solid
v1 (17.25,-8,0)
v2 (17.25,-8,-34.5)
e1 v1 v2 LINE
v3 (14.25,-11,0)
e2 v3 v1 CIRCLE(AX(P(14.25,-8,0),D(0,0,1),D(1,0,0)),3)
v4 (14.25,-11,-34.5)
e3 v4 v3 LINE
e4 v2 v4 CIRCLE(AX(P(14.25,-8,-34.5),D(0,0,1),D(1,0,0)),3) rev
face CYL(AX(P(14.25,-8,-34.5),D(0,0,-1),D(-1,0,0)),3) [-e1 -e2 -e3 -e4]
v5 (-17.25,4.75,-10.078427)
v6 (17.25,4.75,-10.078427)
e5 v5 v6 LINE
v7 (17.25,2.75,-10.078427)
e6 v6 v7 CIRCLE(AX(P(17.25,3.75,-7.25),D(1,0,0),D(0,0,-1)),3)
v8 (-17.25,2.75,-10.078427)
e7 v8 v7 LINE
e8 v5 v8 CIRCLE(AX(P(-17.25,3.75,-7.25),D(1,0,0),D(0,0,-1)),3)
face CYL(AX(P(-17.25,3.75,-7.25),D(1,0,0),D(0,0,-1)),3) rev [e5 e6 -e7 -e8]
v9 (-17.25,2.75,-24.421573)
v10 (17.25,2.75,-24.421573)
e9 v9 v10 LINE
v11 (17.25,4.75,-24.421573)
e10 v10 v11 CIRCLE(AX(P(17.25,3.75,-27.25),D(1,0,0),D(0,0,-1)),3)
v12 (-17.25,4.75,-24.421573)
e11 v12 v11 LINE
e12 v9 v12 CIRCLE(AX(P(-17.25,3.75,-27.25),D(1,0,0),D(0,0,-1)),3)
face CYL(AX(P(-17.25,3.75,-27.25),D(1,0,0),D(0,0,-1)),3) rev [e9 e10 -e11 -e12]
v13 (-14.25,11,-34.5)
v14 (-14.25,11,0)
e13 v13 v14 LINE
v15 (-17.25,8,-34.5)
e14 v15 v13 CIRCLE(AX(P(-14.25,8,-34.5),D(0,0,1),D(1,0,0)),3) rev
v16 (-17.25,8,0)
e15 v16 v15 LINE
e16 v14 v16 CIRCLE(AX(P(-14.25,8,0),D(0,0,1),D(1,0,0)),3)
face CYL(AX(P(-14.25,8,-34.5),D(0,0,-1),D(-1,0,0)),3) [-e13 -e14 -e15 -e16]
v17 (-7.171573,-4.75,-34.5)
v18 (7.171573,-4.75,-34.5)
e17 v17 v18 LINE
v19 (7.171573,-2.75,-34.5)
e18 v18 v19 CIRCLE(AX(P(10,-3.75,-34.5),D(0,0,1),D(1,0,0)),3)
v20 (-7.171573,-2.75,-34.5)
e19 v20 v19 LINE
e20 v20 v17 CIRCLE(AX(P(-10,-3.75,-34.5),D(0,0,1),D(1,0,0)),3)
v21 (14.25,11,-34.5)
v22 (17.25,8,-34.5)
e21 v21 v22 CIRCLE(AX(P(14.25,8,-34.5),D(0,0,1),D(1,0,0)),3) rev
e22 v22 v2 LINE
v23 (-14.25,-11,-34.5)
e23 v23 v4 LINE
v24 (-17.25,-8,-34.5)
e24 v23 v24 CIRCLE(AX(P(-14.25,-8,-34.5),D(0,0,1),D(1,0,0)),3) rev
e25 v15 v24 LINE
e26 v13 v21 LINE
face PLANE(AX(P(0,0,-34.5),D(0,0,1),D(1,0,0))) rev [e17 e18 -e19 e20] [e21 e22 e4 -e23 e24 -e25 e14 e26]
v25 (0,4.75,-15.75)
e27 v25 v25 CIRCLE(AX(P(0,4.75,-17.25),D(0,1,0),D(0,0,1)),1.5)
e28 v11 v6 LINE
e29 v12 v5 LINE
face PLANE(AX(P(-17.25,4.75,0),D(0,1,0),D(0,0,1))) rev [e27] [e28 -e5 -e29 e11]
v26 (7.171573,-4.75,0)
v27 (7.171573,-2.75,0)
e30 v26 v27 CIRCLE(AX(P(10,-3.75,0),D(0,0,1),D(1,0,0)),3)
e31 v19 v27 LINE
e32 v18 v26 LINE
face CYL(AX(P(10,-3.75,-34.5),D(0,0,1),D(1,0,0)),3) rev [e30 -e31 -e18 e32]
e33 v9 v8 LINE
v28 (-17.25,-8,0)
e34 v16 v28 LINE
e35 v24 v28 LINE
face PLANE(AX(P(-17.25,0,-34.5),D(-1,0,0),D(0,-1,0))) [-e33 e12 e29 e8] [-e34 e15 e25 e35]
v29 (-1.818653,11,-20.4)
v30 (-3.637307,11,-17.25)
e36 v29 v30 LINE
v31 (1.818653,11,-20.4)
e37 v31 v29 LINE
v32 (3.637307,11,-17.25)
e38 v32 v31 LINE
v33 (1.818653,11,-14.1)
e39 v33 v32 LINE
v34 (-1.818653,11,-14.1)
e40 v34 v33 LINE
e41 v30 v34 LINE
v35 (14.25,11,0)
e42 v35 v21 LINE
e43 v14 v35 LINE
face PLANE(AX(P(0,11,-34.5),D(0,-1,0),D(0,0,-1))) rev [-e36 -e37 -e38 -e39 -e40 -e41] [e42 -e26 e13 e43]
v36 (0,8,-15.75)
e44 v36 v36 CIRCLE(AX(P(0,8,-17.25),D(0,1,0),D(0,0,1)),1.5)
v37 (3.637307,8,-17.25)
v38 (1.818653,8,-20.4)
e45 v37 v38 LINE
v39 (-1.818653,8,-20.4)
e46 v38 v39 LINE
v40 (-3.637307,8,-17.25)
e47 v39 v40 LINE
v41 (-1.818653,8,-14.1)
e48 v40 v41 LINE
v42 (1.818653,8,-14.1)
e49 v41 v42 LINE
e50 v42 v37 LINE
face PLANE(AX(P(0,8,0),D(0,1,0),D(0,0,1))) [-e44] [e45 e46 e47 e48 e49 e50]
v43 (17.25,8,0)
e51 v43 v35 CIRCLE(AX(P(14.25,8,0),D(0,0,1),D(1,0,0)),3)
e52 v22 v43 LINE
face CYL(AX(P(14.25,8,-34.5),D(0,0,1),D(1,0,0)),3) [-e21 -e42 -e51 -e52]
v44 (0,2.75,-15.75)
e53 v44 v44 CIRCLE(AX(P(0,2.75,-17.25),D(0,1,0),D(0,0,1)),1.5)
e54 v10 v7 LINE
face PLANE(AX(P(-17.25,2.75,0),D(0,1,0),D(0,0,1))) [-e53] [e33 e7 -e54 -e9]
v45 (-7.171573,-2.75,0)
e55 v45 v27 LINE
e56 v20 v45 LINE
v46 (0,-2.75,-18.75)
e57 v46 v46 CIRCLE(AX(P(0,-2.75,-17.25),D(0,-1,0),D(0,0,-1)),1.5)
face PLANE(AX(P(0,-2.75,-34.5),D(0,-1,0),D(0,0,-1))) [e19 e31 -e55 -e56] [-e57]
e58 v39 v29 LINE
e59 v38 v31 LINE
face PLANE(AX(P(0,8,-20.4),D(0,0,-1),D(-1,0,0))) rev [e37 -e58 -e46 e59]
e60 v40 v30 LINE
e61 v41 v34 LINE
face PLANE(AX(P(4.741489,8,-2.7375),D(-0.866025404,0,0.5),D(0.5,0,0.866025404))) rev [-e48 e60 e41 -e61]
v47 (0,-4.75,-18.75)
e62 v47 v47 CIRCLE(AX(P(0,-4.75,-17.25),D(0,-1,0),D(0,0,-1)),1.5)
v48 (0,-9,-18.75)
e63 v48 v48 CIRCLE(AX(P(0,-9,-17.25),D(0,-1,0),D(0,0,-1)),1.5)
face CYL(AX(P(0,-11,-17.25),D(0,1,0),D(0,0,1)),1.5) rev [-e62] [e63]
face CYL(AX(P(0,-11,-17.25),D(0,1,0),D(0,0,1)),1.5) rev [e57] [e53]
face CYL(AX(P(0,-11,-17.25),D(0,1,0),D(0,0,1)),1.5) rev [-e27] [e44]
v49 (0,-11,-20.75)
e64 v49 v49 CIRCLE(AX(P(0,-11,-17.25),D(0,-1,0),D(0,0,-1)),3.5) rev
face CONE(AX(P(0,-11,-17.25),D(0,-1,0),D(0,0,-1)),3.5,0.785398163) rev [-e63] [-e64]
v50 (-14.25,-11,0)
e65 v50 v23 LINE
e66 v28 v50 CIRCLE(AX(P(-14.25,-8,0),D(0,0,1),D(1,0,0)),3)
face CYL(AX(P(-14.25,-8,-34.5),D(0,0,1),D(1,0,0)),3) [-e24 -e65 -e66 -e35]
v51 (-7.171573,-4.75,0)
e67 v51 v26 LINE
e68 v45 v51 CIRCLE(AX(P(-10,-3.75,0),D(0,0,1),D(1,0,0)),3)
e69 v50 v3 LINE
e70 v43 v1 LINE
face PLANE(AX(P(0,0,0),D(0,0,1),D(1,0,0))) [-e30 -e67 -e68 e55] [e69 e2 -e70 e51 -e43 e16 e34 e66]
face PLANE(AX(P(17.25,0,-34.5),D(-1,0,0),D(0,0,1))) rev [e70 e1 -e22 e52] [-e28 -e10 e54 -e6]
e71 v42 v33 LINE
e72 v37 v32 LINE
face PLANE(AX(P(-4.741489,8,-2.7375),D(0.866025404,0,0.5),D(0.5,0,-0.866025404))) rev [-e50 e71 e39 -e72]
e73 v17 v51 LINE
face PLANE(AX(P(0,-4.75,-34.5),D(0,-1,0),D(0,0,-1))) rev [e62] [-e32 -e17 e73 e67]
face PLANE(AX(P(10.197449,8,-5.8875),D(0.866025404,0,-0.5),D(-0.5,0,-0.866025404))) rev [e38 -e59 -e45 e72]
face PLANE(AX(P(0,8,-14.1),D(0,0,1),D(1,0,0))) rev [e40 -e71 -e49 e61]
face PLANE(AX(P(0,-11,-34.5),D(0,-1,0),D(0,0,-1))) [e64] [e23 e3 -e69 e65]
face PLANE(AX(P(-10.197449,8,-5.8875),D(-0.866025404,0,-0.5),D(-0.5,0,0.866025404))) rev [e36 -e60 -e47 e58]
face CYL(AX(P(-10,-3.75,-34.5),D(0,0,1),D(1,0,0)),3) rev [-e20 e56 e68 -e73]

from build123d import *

# Parameters (mm, degrees)
SKETCH1_W           = 34.5
SKETCH1_H           = 22
BOSS_EXTRUDE1_DEPTH = 34.5
CUT_EXTRUDE1_DEPTH  = 51.014997751
CUT_EXTRUDE2_DEPTH  = 3
SKETCH3_3_R         = 1.5
CUT_EXTRUDE3_DEPTH  = 45.405095428
CHAMFER1_SIZE       = 2
FILLET1_R           = 3


with BuildPart() as part:
    # Sketch1 → Boss-Extrude1 (new body)
    with BuildSketch(Plane.XY):
        Rectangle(SKETCH1_W, SKETCH1_H)
        with BuildLine():
            ThreePointArc((-7.171572875, -4.75), (-13, -3.75), (-7.171572875, -2.75))
            Line((-7.171572875, -2.75), (7.171572875, -2.75))
            ThreePointArc((7.171572875, -2.75), (10.507305936, -0.793204321), (13, -3.75))
            ThreePointArc((13, -3.75), (10.507305936, -6.706795679), (7.171572875, -4.75))
            Line((7.171572875, -4.75), (-7.171572875, -4.75))
        make_face(mode=Mode.SUBTRACT)
    extrude(amount=-BOSS_EXTRUDE1_DEPTH)

    # Sketch2 → Cut-Extrude1 (cut, through all)
    with BuildSketch(Plane(origin=(17.25, 0, 0), x_dir=(0, 0, -1), z_dir=(1, 0, 0))):
        with BuildLine():
            Line((10.078427125, 2.75), (24.421572875, 2.75))
            ThreePointArc((24.421572875, 2.75), (30.25, 3.75), (24.421572875, 4.75))
            Line((24.421572875, 4.75), (10.078427125, 4.75))
            ThreePointArc((10.078427125, 4.75), (4.25, 3.75), (10.078427125, 2.75))
        make_face()
    extrude(amount=-CUT_EXTRUDE1_DEPTH, mode=Mode.SUBTRACT)

    # Sketch3 → Cut-Extrude2 (cut)
    with BuildSketch(Plane(origin=(0, 11, 0), x_dir=(1, 0, 0), z_dir=(0, 1, 0))):
        Polygon((1.818653348, 20.4), (-1.818653348, 20.4), (-3.637306696, 17.25), (-1.818653348, 14.1), (1.818653348, 14.1), (3.637306696, 17.25), align=None)
    extrude(amount=-CUT_EXTRUDE2_DEPTH, mode=Mode.SUBTRACT)

    # Sketch3<3> → Cut-Extrude3 (cut, through all)
    with BuildSketch(Plane(origin=(0, 11, 0), x_dir=(1, 0, 0), z_dir=(0, 1, 0))):
        with Locations((0, 17.25)):
            Circle(SKETCH3_3_R)
    extrude(amount=-CUT_EXTRUDE3_DEPTH, mode=Mode.SUBTRACT)

    # Chamfer1
    chamfer1_edges = [part.edges().sort_by_distance(p)[0] for p in [
        (-1.5, -11, -17.25),
    ]]
    chamfer(chamfer1_edges, length=CHAMFER1_SIZE)

    # Fillet1
    fillet1_edges = [part.edges().sort_by_distance(p)[0] for p in [
        (-17.25, -11, -17.25),
        (17.25, -11, -17.25),
        (17.25, 11, -17.25),
        (-17.25, 11, -17.25),
    ]]
    fillet(fillet1_edges, radius=FILLET1_R)


solid = part.part
